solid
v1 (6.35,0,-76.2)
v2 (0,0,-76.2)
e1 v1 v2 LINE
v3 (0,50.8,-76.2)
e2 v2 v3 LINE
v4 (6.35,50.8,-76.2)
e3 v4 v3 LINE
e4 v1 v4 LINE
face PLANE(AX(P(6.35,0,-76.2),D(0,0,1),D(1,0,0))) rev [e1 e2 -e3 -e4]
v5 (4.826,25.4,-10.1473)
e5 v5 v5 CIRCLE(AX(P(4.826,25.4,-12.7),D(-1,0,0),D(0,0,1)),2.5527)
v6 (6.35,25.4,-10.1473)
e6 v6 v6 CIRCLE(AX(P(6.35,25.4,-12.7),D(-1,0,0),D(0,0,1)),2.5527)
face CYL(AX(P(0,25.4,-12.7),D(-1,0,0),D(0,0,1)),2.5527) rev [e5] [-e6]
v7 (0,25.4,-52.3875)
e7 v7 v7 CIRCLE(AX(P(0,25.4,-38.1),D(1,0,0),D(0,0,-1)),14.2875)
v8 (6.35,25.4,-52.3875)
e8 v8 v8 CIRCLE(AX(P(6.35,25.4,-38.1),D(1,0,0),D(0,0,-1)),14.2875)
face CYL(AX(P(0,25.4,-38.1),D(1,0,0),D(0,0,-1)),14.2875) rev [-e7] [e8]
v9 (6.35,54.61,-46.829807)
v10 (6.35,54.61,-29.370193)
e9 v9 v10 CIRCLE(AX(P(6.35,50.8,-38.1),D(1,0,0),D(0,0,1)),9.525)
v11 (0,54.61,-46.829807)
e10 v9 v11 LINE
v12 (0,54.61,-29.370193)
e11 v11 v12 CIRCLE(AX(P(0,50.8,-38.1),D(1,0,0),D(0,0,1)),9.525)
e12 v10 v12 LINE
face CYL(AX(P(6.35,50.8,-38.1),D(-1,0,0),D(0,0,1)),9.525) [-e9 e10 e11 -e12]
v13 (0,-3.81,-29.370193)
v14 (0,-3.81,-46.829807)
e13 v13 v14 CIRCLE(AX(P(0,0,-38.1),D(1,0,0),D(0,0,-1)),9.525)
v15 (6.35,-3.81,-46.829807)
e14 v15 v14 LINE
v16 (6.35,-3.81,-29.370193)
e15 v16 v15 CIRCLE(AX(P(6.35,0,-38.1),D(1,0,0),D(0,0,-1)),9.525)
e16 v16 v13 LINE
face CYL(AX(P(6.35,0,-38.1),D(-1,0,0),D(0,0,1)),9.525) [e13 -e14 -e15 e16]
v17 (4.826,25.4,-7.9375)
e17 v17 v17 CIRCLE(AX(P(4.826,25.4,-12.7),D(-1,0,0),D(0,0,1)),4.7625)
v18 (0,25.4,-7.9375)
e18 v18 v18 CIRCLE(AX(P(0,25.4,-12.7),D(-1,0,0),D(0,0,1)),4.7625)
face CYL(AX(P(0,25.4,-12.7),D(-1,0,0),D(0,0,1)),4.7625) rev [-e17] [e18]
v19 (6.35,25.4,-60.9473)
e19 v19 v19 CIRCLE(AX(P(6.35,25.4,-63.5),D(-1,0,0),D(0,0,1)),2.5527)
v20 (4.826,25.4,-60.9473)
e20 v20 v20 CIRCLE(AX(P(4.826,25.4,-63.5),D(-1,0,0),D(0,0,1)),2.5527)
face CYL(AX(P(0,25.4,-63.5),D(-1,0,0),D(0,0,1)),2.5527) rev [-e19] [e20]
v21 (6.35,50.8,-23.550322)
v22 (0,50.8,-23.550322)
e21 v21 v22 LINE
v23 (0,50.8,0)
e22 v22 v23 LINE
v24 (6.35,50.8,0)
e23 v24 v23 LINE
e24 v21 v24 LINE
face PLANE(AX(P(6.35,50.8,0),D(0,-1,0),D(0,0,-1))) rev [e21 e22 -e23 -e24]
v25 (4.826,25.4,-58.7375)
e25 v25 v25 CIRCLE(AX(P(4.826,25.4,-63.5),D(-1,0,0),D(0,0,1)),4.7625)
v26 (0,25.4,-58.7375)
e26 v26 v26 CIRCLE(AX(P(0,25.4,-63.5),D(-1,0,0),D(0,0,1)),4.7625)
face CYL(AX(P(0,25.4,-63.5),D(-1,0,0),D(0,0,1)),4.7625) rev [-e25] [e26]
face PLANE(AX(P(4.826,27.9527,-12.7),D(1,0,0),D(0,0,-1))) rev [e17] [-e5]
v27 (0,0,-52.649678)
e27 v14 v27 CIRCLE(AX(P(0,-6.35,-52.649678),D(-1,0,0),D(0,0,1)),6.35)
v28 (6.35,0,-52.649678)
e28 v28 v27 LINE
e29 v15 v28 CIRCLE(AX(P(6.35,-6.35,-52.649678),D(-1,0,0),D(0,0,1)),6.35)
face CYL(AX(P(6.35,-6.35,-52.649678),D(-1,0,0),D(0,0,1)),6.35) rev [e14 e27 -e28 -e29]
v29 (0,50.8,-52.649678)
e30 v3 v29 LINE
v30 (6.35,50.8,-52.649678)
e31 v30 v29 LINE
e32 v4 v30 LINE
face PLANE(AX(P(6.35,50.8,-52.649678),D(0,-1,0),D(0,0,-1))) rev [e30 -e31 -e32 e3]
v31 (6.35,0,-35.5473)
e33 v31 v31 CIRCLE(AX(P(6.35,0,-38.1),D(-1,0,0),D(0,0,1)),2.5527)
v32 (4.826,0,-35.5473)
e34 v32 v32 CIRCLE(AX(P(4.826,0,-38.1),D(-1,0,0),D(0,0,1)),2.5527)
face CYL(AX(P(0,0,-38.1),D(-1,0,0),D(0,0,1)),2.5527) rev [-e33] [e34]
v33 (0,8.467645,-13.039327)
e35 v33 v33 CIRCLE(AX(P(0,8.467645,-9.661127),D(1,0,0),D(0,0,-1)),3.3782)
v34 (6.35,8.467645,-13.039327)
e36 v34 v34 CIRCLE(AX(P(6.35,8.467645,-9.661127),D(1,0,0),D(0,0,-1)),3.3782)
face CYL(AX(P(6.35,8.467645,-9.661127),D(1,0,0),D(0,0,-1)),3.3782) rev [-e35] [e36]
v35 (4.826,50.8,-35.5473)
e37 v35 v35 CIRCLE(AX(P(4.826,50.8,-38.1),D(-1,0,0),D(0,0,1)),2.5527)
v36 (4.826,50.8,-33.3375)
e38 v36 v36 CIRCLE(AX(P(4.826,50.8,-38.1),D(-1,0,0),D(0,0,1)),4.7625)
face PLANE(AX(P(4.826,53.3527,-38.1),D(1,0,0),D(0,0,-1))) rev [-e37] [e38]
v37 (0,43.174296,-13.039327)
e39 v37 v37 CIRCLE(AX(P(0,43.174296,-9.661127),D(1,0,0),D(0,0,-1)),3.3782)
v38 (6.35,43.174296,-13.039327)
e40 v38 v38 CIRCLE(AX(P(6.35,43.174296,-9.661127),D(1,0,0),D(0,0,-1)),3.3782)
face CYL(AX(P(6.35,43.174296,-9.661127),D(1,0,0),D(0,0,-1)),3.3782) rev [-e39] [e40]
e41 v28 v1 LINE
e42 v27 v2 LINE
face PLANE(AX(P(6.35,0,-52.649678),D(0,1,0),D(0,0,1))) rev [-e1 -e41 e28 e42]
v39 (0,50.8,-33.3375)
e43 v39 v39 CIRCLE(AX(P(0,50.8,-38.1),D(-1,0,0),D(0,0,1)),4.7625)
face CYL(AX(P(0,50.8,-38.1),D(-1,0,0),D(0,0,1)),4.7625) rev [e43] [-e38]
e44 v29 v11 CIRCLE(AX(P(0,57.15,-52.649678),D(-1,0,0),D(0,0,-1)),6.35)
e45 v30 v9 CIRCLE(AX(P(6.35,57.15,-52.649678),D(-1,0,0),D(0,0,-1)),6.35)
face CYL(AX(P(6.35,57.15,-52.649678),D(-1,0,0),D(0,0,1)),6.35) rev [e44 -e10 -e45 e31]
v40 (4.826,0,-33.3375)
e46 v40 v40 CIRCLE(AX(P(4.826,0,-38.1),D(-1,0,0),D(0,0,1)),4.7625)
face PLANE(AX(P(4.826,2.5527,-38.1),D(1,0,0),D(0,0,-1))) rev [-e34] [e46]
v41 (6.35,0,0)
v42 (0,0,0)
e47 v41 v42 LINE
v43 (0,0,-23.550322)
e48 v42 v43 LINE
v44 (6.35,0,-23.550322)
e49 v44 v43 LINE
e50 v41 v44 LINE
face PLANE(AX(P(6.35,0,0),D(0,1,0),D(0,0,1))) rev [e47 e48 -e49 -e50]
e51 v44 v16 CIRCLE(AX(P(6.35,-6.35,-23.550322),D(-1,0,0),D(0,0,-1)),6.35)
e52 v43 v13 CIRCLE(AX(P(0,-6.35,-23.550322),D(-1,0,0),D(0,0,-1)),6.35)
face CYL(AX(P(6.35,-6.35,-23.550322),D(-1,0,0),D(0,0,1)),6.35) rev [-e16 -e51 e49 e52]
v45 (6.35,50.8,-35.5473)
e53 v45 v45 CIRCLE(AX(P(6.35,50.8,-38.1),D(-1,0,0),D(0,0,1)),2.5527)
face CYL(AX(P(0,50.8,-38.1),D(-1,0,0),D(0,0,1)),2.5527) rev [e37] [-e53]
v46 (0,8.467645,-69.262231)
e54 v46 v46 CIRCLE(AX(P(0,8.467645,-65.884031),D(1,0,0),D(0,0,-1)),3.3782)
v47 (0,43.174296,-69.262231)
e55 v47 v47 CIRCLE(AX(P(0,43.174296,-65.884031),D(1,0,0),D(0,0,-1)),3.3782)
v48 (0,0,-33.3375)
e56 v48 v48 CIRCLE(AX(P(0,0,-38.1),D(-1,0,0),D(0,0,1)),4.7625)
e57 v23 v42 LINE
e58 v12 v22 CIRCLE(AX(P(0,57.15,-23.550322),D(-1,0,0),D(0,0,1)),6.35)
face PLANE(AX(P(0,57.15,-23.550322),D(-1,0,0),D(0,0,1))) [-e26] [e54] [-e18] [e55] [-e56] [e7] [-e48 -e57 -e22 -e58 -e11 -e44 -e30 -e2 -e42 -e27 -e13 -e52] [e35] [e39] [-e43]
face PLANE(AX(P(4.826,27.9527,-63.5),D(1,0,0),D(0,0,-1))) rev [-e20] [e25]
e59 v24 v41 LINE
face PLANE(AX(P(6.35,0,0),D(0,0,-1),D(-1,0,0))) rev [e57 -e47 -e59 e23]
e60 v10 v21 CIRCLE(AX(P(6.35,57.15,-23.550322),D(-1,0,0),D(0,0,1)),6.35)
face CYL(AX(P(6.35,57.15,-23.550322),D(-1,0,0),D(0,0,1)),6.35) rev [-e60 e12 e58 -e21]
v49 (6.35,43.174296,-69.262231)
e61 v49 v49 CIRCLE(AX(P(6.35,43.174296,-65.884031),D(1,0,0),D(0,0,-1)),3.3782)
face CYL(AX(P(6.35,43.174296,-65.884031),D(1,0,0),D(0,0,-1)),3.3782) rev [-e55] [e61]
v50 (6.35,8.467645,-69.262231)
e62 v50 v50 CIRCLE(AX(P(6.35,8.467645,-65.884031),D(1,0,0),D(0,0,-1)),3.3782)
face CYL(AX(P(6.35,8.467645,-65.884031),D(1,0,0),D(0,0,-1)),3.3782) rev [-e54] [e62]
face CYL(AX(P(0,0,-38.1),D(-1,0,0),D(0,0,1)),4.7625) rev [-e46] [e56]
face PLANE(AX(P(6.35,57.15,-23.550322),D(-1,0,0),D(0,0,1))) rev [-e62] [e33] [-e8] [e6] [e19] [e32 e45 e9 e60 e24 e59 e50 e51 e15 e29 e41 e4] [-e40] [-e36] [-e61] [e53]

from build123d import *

# Parameters (mm, degrees)
BOSS_EXTRUDE1_DEPTH                             = 6.35
SKETCH2_R                                       = 14.2875
CUT_EXTRUDE1_DEPTH                              = 98.395421479
CBORE_FOR_10_SOCKET_HEAD_CAP_SCREW1_D           = 5.1054
CBORE_FOR_10_SOCKET_HEAD_CAP_SCREW1_CBORE_D     = 9.525
CBORE_FOR_10_SOCKET_HEAD_CAP_SCREW1_CBORE_DEPTH = 4.826
F_1_4_CLEARANCE_HOLE1_D                         = 6.7564


with BuildPart() as part:
    # Sketch1 → Boss-Extrude1 (new body)
    with BuildSketch(Plane(origin=(0, 0, 0), x_dir=(0, 0, -1), z_dir=(1, 0, 0))):
        with BuildLine():
            Line((52.649677831, 50.8), (76.2, 50.8))
            Line((76.2, 50.8), (76.2, 0))
            Line((76.2, 0), (52.649677831, 0))
            ThreePointArc((52.649677831, 0), (49.171639591, -1.037208832), (46.829806699, -3.81))
            ThreePointArc((46.829806699, -3.81), (38.1, -9.525), (29.370193301, -3.81))
            ThreePointArc((29.370193301, -3.81), (27.028360409, -1.037208832), (23.550322169, 0))
            Line((23.550322169, 0), (0, 0))
            Line((0, 0), (0, 50.8))
            Line((0, 50.8), (23.550322169, 50.8))
            ThreePointArc((23.550322169, 50.8), (27.028360409, 51.837208832), (29.370193301, 54.61))
            ThreePointArc((29.370193301, 54.61), (38.1, 60.325), (46.829806699, 54.61))
            ThreePointArc((46.829806699, 54.61), (49.171639591, 51.837208832), (52.649677831, 50.8))
        make_face()
    extrude(amount=BOSS_EXTRUDE1_DEPTH)

    # Sketch2 → Cut-Extrude1 (cut, through all)
    with BuildSketch(Plane(origin=(6.35, 0, 0), x_dir=(0, 0, -1), z_dir=(1, 0, 0))):
        with Locations((38.1, 25.4)):
            Circle(SKETCH2_R)
    extrude(amount=-CUT_EXTRUDE1_DEPTH, mode=Mode.SUBTRACT)

    # CBORE for #10 Socket Head Cap Screw1 (through all)
    with Locations(Plane.ZY):
        with Locations((-63.5, 25.4), (-38.1, 50.8), (-12.7, 25.4), (-38.1, 0)):
            CounterBoreHole(CBORE_FOR_10_SOCKET_HEAD_CAP_SCREW1_D / 2, CBORE_FOR_10_SOCKET_HEAD_CAP_SCREW1_CBORE_D / 2, CBORE_FOR_10_SOCKET_HEAD_CAP_SCREW1_CBORE_DEPTH)

    # 1/4 Clearance Hole1 (through all)
    with Locations(Plane(origin=(6.35, 0, 0), x_dir=(0, 0, -1), z_dir=(1, 0, 0))):
        with Locations((9.661126973, 43.174295642), (65.884030556, 43.174295642), (65.884030556, 8.467644678), (9.661126973, 8.467644678)):
            Hole(F_1_4_CLEARANCE_HOLE1_D / 2)


solid = part.part
